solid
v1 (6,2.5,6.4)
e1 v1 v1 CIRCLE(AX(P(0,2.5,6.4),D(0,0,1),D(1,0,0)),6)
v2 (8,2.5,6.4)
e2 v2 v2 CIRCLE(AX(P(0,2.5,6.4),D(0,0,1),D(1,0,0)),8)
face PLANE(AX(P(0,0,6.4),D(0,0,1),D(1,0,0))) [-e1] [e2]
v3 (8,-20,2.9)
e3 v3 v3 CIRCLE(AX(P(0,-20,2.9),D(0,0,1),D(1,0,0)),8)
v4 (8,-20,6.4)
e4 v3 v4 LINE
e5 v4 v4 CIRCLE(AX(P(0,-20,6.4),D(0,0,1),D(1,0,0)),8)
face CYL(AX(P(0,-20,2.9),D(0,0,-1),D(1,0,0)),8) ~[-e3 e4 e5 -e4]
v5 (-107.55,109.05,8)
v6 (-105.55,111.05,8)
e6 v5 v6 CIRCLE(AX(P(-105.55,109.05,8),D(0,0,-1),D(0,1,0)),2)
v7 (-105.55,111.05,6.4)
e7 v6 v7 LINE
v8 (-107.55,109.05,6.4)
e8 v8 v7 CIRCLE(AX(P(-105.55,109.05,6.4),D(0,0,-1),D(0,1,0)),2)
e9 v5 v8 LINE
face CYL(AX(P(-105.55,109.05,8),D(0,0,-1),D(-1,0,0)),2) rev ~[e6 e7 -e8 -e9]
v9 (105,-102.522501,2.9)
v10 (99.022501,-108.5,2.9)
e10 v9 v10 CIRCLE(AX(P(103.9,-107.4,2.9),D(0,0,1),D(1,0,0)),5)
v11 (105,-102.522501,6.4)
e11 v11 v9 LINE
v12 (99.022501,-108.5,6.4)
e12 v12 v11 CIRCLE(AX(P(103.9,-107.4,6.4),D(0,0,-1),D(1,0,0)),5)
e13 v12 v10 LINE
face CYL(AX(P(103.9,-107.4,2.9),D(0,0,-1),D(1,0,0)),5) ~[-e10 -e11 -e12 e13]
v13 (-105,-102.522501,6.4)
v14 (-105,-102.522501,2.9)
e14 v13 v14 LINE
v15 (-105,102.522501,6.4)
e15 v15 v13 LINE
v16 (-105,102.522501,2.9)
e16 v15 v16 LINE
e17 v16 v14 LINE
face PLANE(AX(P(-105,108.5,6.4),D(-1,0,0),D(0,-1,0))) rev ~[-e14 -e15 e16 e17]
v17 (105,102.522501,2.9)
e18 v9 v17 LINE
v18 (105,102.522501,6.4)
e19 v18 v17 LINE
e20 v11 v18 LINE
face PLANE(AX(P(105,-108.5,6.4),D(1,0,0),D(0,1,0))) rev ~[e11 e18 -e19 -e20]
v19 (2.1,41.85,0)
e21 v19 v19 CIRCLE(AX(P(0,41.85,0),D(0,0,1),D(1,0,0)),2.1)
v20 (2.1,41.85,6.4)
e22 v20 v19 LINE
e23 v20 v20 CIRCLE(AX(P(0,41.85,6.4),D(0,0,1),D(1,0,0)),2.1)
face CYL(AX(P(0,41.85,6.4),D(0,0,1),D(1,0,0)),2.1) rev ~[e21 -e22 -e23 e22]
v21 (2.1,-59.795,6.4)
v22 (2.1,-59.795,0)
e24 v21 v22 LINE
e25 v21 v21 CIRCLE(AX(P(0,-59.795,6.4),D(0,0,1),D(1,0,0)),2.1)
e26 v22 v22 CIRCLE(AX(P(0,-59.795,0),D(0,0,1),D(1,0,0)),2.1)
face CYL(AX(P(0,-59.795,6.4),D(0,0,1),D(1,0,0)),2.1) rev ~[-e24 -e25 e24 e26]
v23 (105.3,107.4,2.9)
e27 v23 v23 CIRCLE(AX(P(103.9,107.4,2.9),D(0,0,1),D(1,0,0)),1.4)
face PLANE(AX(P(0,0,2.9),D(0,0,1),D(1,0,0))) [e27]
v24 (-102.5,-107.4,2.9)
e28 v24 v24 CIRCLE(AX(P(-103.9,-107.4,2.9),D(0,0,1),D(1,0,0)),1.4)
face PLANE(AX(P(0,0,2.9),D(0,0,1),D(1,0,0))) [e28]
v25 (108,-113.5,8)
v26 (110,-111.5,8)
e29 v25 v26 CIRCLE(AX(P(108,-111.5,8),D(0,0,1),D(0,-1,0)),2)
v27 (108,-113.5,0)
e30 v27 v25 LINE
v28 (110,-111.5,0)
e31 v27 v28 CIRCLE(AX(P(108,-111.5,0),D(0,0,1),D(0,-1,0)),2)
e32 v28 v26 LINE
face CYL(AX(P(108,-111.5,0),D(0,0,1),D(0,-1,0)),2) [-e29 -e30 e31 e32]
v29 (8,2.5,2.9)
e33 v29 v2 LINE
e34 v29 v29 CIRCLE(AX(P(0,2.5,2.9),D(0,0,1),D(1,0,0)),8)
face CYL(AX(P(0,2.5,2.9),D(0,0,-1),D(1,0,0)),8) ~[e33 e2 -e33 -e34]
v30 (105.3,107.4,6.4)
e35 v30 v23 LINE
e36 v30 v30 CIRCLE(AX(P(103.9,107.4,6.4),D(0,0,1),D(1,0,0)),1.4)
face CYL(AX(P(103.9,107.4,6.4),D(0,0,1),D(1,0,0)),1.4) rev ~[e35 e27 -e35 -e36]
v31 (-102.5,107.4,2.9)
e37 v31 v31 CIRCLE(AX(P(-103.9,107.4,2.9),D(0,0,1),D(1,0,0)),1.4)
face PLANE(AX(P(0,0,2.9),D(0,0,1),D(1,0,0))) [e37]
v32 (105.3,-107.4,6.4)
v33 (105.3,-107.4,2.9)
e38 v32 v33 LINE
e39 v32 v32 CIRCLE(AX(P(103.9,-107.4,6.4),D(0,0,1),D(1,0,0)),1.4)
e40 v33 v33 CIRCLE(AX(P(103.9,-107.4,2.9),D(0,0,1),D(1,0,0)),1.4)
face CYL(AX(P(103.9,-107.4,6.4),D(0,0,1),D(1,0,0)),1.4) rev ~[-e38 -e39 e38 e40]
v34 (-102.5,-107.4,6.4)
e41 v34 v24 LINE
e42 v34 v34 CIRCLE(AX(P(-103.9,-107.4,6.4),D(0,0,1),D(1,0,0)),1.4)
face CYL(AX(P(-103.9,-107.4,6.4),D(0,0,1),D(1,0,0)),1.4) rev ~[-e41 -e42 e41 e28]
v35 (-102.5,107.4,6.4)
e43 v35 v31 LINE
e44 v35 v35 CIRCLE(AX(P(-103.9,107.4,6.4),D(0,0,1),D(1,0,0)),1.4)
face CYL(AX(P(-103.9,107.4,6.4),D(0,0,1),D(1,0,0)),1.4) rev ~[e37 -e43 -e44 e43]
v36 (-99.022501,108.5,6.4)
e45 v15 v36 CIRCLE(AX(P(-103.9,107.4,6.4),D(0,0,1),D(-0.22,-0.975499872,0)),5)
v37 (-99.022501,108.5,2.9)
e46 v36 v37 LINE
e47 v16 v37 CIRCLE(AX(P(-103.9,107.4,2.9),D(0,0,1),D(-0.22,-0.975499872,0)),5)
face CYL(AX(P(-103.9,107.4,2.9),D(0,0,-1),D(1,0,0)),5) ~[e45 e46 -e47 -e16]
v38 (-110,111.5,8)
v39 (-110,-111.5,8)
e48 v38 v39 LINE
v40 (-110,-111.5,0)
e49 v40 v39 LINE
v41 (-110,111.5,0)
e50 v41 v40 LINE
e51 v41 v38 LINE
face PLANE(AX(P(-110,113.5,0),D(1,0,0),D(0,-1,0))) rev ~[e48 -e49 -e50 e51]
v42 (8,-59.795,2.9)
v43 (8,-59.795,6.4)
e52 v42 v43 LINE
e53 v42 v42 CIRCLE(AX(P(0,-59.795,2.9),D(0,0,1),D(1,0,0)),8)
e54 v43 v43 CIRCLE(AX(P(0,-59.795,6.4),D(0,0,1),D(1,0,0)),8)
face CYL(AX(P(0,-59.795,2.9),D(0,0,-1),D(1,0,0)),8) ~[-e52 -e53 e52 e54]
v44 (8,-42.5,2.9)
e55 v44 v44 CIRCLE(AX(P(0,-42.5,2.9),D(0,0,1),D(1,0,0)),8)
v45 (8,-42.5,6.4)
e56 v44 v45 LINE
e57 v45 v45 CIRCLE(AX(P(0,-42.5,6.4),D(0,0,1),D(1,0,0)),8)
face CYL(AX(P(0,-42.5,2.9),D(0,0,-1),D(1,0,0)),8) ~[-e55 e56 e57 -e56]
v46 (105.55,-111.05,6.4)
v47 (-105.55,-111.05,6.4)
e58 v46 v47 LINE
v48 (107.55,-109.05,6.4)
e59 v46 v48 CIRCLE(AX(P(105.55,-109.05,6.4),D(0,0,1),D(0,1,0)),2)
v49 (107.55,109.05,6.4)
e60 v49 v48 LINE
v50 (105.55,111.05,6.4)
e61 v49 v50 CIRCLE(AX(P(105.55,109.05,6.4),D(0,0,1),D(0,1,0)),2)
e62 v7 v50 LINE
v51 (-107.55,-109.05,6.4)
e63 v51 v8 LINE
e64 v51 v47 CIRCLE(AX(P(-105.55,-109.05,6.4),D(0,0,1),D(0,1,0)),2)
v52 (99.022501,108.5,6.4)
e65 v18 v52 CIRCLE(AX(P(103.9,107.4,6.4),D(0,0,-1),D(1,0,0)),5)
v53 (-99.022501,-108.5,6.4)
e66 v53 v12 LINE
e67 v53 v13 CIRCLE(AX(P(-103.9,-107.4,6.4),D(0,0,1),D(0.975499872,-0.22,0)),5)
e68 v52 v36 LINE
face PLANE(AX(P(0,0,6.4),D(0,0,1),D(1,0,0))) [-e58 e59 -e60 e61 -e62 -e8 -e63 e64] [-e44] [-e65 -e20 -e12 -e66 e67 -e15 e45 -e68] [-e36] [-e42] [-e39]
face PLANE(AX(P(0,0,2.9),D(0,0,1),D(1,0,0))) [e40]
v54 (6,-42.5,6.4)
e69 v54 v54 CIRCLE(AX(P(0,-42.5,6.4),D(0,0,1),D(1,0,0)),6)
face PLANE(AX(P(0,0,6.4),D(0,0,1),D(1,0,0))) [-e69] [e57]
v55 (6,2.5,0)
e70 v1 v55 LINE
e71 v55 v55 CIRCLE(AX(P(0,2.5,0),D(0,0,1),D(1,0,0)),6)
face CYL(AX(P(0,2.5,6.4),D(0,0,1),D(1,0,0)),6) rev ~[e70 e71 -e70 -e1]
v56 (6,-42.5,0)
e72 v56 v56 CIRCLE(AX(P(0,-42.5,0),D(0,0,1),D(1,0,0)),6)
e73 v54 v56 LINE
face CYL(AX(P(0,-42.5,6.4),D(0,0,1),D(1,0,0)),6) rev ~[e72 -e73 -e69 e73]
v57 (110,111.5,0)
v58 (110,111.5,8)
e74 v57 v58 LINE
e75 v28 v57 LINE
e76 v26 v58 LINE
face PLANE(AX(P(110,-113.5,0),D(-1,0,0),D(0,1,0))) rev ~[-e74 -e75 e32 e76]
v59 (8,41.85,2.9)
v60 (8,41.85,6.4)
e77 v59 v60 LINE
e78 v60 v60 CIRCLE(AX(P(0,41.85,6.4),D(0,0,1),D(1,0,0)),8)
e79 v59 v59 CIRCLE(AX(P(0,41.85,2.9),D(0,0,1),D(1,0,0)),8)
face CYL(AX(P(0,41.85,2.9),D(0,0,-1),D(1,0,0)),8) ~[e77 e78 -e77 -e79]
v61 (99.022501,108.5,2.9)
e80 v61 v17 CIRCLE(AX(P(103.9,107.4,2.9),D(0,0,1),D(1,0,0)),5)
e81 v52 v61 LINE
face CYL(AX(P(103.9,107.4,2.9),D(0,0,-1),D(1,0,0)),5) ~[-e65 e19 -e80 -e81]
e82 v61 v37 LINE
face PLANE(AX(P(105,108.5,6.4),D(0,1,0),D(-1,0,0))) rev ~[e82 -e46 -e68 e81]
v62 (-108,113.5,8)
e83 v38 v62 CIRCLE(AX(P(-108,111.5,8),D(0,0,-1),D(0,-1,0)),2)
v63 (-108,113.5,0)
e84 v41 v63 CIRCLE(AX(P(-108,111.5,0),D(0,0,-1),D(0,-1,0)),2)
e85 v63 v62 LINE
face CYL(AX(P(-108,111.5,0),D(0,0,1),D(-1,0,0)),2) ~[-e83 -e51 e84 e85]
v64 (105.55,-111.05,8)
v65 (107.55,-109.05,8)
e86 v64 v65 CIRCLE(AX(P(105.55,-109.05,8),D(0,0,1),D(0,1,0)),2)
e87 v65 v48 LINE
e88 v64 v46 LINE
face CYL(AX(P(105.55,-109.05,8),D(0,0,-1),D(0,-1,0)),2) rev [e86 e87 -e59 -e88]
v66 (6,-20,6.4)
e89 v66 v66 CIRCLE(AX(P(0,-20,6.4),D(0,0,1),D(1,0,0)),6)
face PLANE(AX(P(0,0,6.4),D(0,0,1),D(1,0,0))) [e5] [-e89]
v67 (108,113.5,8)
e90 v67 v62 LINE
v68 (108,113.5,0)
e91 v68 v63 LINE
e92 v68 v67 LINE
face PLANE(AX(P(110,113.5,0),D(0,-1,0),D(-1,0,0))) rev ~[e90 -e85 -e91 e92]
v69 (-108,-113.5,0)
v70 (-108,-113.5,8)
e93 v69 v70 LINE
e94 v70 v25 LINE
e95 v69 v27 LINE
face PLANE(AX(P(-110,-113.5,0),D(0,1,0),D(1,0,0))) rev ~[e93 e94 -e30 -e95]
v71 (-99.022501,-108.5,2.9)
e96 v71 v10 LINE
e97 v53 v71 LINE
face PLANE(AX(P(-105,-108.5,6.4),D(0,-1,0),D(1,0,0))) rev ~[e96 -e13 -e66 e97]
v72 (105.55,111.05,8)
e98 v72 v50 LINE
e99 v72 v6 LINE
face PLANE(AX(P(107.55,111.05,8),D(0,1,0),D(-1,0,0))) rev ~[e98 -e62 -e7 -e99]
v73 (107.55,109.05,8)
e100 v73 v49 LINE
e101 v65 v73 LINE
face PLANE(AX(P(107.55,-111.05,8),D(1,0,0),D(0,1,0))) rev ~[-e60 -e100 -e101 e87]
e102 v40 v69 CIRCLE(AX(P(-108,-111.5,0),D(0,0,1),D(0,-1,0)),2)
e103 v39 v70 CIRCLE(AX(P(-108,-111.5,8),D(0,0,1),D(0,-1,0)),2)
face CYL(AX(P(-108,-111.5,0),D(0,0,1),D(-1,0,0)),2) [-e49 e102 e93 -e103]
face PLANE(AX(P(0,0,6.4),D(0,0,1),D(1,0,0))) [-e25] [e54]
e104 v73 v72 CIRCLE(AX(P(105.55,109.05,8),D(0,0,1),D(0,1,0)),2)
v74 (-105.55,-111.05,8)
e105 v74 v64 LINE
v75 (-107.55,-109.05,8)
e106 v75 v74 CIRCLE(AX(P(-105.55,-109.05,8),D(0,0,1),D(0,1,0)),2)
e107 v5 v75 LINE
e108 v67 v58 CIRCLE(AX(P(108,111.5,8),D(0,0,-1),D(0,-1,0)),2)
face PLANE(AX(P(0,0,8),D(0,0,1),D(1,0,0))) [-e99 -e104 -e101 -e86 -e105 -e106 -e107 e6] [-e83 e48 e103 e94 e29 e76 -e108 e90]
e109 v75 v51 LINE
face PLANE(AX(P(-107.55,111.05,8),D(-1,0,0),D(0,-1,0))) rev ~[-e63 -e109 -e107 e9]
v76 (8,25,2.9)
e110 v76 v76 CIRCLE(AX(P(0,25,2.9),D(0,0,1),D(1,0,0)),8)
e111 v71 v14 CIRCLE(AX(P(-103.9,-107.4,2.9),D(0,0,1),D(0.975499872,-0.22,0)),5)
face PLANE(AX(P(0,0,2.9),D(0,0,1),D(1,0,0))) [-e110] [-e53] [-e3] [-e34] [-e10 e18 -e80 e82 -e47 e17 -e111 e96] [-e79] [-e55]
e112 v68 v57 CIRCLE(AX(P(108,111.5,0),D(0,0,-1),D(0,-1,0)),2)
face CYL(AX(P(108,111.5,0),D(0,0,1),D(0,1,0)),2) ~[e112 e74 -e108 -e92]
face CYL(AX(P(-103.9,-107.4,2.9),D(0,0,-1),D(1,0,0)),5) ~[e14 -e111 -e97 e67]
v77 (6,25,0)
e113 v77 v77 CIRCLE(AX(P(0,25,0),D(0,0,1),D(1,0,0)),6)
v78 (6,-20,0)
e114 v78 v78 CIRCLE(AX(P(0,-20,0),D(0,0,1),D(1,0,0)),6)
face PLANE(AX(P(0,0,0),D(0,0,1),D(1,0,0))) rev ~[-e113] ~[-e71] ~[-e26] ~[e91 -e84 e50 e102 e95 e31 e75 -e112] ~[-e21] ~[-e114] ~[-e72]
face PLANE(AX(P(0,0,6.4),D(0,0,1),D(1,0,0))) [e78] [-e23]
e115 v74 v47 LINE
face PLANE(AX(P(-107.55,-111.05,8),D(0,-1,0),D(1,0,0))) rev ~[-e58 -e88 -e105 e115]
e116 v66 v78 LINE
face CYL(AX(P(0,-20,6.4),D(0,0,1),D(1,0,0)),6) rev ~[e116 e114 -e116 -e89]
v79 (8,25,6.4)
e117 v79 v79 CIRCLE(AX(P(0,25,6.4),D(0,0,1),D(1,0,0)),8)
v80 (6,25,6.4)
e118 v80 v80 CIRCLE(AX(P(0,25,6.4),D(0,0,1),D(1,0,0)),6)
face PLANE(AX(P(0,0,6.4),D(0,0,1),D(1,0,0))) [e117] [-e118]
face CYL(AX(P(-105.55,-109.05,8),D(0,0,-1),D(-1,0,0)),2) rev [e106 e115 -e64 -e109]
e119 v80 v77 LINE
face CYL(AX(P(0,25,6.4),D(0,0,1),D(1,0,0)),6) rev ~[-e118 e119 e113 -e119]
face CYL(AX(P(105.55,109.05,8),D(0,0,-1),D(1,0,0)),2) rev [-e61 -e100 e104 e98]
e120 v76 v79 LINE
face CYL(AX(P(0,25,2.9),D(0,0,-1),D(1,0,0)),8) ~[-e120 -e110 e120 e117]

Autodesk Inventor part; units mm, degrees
ref_plane "YZ Plane" through (0, 0, 0) normal (1, 0, 0) x (0, 1, 0)
ref_plane "XZ Plane" through (0, 0, 0) normal (0, 1, 0) x (-1, 0, 0)
ref_plane "XY Plane" through (0, 0, 0) normal (0, 0, 1) x (1, 0, 0)
sketch "Sketch1" plane through (0, 0, 0) normal (0, 0, 1) x (1, 0, 0)
  line L0 (-110, -113.5) -> (110, -113.5)
  line L1 (110, -113.5) -> (110, 113.5)
  line L2 (110, 113.5) -> (-110, 113.5)
  line L3 (-110, 113.5) -> (-110, -113.5)
  line L4 (-110, -113.5) -> (110, 113.5) construction
  line L5 (110, -113.5) -> (-110, 113.5) construction
  point P0 (0, 0)
  dimension "d0" = 220
  dimension "d1" = 227
extrude "Extrusion1" add sketch "Sketch1" along normal blind 8
sketch "Sketch2" plane through (0, 0, 8) normal (0, 0, 1) x (1, 0, 0)
  line L0 (-107.55, -111.05) -> (107.55, -111.05)
  line L1 (107.55, -111.05) -> (107.55, 111.05)
  line L2 (107.55, 111.05) -> (-107.55, 111.05)
  line L3 (-107.55, 111.05) -> (-107.55, -111.05)
  line L4 (-107.55, -111.05) -> (107.55, 111.05) construction
  line L5 (107.55, -111.05) -> (-107.55, 111.05) construction
  point P0 (0, 0)
  dimension "d4" = 215.1
  dimension "d5" = 222.1
extrude "Extrusion2" cut sketch "Sketch2" against normal blind 1.6
sketch "Sketch3" plane through (0, 0, 6.4) normal (0, 0, 1) x (1, 0, 0)
  line L0 (-105, -108.5) -> (105, -108.5)
  line L1 (105, -108.5) -> (105, 108.5)
  line L2 (105, 108.5) -> (-105, 108.5)
  line L3 (-105, 108.5) -> (-105, -108.5)
  line L4 (-105, -108.5) -> (105, 108.5) construction
  line L5 (105, -108.5) -> (-105, 108.5) construction
  point P0 (0, 0)
  dimension "d8" = 210
  dimension "d9" = 217
extrude "Extrusion3" cut sketch "Sketch3" against normal blind 3.5
fillet "Fillet1" radius 2 8 edges at (-107.55, -111.05, 7.2) (-110, -113.5, 4) (110, -113.5, 4) (107.55, -111.05, 7.2) (110, 113.5, 4) (107.55, 111.05, 7.2) (-110, 113.5, 4) (-107.55, 111.05, 7.2)
sketch "Sketch4" plane through (0, 0, 2.9) normal (0, 0, 1) x (1, 0, 0)
  circle A0 centre (-103.9, 107.4) radius 5
  circle A1 centre (-103.9, -107.4) radius 5
  line L0 (-105.55, 111.05) -> (105.55, 111.05) projected
  circle A2 centre (103.9, 107.4) radius 5
  line L1 (107.55, 109.05) -> (107.55, -109.05) projected
  circle A3 centre (103.9, -107.4) radius 5
  line L2 (-107.55, -109.05) -> (-107.55, 109.05) projected
  point P0 (0, 0)
  dimension "d13" = 10
  dimension "d14" = 10
  dimension "d15" = 214.8
  dimension "d16" = 3.65
  dimension "d17" = 10
  dimension "d18" = 207.8
  dimension "d19" = 3.65
  dimension "d20" = 10
  dimension "d21" = 3.65
  dimension "d22" = 214.8
  dimension "d23" = 207.8
  dimension "d24" = 3.65
extrude "Extrusion4" add sketch "Sketch4" along normal blind 3.5
sketch "Sketch5" plane through (0, 0, 6.4) normal (0, 0, 1) x (1, 0, 0)
  arc A0 (-105, 102.5225) -> (-99.0225, 108.5) centre (-103.9, 107.4) ccw projected
  circle A1 centre (-103.9, 107.4) radius 1.4
  arc A2 (99.0225, 108.5) -> (105, 102.5225) centre (103.9, 107.4) ccw projected
  circle A3 centre (103.9, 107.4) radius 1.4
  arc A4 (105, -102.5225) -> (99.0225, -108.5) centre (103.9, -107.4) ccw projected
  circle A5 centre (103.9, -107.4) radius 1.4
  arc A6 (-99.0225, -108.5) -> (-105, -102.5225) centre (-103.9, -107.4) ccw projected
  circle A7 centre (-103.9, -107.4) radius 1.4
  point P0 (0, 0)
  dimension "d27" = 2.8
  dimension "d28" = 2.8
  dimension "d29" = 2.8
  dimension "d30" = 2.8
extrude "Extrusion5" cut sketch "Sketch5" against normal blind 3.5
sketch "Sketch6" plane through (0, 0, 2.9) normal (0, 0, 1) x (1, 0, 0)
  circle A0 centre (0, -59.795) radius 8
  line L0 (105.55, -111.05) -> (-105.55, -111.05) projected
  circle A1 centre (0, 41.85) radius 8
  line L1 (-105.55, 111.05) -> (105.55, 111.05) projected
  circle A2 centre (0, -42.5) radius 8
  circle A3 centre (0, -20) radius 8
  circle A4 centre (0, 2.5) radius 8
  circle A5 centre (0, 25) radius 8
  point P0 (0, 0)
  dimension "d33" = 16
  dimension "d34" = 51.255
  dimension "d35" = 16
  dimension "d36" = 69.2
  dimension "d37" = 16
  dimension "d38" = 68.55
  dimension "d39" = 16
  dimension "d40" = 16
  dimension "d41" = 16
  dimension "d42" = 22.5
  dimension "d43" = 22.5
  dimension "d44" = 22.5
extrude "Extrusion6" add sketch "Sketch6" along normal blind 3.5
sketch "Sketch7" plane through (0, 41.85, 6.4) normal (0, 0, 1) x (1, 0, 0)
  circle A0 centre (0, 0) radius 8 projected
  circle A1 centre (0, 0) radius 2.1
  circle A2 centre (0, -16.85) radius 8 projected
  circle A3 centre (0, -16.85) radius 6
  circle A4 centre (0, -39.35) radius 8 projected
  circle A5 centre (0, -39.35) radius 6
  circle A6 centre (0, -61.85) radius 8 projected
  circle A7 centre (0, -61.85) radius 6
  circle A8 centre (0, -84.35) radius 8 projected
  circle A9 centre (0, -84.35) radius 6
  circle A10 centre (0, -101.645) radius 8 projected
  circle A11 centre (0, -101.645) radius 2.1
  point P0 (0, -41.85)
  dimension "d47" = 4.2
  dimension "d48" = 12
  dimension "d49" = 12
  dimension "d50" = 12
  dimension "d51" = 12
  dimension "d52" = 4.2
extrude "Extrusion7" cut sketch "Sketch7" against normal through all contours A1 | A3 | A5 | A7 | A9 | A11
properties part number "BasePlate"
